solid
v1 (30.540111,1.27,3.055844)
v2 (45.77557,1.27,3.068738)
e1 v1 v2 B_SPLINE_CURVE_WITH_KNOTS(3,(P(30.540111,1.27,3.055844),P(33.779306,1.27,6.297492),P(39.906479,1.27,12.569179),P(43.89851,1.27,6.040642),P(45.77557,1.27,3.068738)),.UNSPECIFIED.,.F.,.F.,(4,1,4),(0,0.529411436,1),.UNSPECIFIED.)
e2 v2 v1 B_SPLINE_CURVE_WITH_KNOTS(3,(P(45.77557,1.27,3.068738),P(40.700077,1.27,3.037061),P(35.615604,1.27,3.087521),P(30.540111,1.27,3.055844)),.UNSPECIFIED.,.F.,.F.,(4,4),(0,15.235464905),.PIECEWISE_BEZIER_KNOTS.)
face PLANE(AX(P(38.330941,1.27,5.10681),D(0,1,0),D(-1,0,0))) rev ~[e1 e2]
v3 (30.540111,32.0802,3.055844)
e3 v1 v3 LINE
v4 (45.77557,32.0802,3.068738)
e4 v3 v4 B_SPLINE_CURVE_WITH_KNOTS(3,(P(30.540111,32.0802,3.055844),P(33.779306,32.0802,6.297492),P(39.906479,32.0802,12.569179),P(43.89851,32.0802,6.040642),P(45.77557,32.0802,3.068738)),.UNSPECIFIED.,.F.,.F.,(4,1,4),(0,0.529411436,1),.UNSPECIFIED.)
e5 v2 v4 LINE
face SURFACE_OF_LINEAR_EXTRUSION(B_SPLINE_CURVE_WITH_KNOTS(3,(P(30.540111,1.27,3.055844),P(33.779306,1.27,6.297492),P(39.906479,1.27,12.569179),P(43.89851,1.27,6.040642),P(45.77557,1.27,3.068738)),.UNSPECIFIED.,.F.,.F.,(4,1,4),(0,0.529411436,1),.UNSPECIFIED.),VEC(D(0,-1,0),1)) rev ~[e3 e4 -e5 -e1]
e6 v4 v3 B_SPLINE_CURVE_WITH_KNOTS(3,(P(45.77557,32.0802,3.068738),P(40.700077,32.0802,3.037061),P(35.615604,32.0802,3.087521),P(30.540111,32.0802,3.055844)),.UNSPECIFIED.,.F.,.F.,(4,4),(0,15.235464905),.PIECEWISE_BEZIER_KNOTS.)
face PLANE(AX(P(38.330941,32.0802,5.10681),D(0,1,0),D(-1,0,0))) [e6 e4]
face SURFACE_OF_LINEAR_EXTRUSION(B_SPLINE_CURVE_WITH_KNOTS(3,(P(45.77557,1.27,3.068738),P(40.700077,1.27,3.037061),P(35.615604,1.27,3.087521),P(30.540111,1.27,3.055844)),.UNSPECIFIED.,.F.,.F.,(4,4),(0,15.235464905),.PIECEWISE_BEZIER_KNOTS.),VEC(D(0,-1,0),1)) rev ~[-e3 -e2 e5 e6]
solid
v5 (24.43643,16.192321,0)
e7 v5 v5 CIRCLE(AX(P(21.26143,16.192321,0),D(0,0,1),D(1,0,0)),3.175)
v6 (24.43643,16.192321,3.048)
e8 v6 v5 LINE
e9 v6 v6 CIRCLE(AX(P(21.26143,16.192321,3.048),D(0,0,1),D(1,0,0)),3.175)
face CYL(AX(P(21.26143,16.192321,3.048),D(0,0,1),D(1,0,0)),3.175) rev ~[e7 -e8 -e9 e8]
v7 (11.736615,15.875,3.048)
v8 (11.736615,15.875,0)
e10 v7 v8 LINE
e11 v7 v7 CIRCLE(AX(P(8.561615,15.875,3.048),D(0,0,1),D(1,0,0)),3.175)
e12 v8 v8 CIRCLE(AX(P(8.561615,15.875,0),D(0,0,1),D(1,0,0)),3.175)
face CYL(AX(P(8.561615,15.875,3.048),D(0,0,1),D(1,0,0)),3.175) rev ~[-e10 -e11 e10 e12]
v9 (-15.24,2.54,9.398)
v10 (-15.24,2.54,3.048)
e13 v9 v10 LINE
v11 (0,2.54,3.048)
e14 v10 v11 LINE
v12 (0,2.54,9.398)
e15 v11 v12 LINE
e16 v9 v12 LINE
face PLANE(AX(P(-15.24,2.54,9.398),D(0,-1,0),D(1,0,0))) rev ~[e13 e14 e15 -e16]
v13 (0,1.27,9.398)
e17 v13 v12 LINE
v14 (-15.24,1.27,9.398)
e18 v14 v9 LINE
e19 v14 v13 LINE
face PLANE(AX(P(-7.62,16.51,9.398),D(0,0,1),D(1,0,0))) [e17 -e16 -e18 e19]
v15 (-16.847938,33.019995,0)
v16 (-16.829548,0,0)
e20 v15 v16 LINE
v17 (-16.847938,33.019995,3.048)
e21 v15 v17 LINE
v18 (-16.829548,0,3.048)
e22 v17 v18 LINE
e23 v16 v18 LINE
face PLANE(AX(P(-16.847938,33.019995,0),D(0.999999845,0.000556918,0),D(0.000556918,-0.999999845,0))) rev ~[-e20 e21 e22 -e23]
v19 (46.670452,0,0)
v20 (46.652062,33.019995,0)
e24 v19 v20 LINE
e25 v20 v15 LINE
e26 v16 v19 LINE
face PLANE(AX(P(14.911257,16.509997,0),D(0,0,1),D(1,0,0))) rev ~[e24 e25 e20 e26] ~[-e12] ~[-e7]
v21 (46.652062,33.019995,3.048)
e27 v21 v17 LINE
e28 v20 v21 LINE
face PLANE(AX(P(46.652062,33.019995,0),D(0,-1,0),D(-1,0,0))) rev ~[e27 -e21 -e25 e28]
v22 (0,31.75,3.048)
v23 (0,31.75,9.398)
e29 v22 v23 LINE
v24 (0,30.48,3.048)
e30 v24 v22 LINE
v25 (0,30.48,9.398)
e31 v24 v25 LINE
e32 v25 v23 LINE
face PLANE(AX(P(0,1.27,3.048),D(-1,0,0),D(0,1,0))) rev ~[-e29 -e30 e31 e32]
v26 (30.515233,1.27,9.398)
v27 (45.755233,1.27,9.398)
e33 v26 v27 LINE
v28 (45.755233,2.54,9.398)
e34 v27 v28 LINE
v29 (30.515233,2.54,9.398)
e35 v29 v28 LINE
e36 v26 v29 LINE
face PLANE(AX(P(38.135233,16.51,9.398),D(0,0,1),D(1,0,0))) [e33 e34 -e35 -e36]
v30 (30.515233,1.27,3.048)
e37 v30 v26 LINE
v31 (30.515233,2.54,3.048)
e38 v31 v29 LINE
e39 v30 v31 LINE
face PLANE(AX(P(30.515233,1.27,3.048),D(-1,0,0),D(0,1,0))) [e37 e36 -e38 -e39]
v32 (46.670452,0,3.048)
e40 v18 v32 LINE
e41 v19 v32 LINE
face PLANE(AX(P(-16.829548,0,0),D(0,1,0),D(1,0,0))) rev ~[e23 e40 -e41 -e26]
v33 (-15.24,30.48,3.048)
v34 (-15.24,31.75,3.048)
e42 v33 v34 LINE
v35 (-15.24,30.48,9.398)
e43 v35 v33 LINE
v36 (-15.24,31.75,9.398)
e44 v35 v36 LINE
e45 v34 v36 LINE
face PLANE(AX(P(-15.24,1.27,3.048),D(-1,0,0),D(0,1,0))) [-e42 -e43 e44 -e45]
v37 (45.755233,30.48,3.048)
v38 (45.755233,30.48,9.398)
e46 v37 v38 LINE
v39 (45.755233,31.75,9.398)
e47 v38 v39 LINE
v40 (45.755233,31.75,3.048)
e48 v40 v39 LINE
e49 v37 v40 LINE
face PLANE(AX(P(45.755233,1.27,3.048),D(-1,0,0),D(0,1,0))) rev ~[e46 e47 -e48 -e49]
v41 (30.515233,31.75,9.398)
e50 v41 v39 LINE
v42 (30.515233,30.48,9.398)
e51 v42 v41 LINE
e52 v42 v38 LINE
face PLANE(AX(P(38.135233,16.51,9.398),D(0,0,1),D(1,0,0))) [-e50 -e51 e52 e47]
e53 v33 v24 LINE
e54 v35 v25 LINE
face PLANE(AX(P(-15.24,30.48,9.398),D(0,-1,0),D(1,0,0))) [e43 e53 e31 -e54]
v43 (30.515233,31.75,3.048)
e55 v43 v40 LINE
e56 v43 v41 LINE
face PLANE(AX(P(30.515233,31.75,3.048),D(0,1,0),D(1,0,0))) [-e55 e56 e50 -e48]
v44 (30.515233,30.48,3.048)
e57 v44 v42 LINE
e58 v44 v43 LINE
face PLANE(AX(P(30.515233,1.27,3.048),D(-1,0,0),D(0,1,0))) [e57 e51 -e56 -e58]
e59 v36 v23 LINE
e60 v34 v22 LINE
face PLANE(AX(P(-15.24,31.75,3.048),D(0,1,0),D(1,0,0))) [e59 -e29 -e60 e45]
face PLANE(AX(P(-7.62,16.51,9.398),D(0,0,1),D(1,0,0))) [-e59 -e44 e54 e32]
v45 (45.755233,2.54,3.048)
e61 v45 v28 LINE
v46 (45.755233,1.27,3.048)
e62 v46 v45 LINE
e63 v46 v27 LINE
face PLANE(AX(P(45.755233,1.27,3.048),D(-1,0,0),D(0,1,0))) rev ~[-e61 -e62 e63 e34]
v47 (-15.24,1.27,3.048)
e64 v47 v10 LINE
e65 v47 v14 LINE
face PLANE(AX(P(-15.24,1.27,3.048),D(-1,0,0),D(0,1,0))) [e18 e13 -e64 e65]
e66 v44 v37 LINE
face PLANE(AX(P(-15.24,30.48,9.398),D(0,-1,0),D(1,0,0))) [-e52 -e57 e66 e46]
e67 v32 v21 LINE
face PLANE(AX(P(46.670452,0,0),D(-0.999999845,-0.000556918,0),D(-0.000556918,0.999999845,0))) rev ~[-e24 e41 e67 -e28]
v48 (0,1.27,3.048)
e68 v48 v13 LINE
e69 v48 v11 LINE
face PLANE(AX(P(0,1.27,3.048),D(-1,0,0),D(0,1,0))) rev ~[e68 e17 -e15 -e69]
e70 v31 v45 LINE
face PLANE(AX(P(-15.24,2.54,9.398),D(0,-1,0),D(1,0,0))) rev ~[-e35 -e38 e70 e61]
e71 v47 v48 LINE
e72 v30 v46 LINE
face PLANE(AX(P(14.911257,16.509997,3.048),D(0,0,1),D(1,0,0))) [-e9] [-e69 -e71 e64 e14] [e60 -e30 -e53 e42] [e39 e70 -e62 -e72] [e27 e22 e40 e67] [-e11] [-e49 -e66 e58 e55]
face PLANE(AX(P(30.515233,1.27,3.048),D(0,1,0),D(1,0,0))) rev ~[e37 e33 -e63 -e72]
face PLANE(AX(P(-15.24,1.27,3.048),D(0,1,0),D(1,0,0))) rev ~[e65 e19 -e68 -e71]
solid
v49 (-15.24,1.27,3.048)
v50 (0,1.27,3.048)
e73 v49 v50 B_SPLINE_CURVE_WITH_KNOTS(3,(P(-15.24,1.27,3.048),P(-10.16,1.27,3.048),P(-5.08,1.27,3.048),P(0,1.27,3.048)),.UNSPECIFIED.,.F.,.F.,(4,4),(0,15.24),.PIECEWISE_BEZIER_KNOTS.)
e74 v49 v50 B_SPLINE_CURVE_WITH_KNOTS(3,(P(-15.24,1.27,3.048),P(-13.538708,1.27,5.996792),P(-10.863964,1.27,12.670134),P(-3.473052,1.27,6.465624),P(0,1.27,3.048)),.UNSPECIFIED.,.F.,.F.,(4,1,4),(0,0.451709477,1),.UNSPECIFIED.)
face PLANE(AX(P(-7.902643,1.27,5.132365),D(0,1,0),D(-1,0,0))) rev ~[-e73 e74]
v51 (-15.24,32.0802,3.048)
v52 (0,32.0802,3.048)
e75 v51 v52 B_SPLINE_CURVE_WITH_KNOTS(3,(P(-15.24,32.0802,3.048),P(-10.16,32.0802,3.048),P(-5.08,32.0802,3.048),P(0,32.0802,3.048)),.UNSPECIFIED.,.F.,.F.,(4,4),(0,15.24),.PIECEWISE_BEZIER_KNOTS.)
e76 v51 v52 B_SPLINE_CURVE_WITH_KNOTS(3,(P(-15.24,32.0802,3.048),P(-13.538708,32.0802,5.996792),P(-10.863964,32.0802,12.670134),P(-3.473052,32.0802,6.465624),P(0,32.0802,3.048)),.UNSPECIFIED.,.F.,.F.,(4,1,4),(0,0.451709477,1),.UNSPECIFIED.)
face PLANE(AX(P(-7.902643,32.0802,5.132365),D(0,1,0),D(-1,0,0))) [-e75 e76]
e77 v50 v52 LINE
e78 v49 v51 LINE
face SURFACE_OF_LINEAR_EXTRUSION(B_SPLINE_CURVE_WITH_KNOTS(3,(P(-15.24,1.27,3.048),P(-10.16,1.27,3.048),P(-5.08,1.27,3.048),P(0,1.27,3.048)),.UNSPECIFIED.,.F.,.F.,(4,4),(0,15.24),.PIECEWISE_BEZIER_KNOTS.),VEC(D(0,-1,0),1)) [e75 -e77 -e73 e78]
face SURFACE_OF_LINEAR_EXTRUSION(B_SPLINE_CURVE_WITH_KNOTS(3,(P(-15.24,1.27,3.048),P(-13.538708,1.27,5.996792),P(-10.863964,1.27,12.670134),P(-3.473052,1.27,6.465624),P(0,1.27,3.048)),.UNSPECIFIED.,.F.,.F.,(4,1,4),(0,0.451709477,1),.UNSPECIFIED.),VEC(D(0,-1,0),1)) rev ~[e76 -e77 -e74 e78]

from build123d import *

# Parameters (mm, degrees)
F1_DEPTH = 3.048
F2_R     = 3.175
F3_DEPTH = 3.048
F4_W     = 15.24
F4_H     = 30.48
F5_DEPTH = 6.35
F6_W     = 62.0194016004
F6_H     = 27.94
F7_DEPTH = 6.35
F9_DEPTH = 30.8102


with BuildPart() as f1:
    # F0 (on Top) → F1 (new body)
    with BuildSketch(Plane.XY):
        Polygon((-16.8479376035, 33.0199948793), (-16.8295481792, 0), (46.6704518208, 0), (46.6520623965, 33.0199948793), align=None)
    extrude(amount=F1_DEPTH)

    # F2 (on face) → F3 (cut, through all)
    with BuildSketch(Plane.XY.offset(3.048)):
        with Locations((8.561614689, 15.875)):
            Circle(F2_R)
        with Locations((21.2614300895, 16.1923207167)):
            Circle(F2_R)
    extrude(amount=-F3_DEPTH, mode=Mode.SUBTRACT)

    # F4 (on face) → F5 (join)
    with BuildSketch(Plane.XY.offset(3.048)):
        with Locations((-7.62, 16.51)):
            Rectangle(F4_W, F4_H)
        with Locations((38.1352330548, 16.51)):
            Rectangle(F4_W, F4_H)
    extrude(amount=F5_DEPTH)

    # F6 (on face) → F7 (cut)
    with BuildSketch(Plane.XY.offset(9.398)):
        with Locations((15.7697008002, 16.51)):
            Rectangle(F6_W, F6_H)
    extrude(amount=-F7_DEPTH, mode=Mode.SUBTRACT)


with BuildPart() as f9:
    # F8 (on face) → F9 (new body)
    with BuildSketch(Plane.XZ.offset(-1.27)):
        with BuildLine():
            add(Edge.make_bspline(
                [(-15.24, 3.048), (-13.5387080671, 5.996791801), (-10.8639642482, 12.670134119), (-3.4730522253, 6.4656238418), (0, 3.048)],
                knots=[0, 0, 0, 0, 0.4517094767, 1, 1, 1, 1], degree=3))
            add(Edge.make_bspline(
                [(-15.24, 3.048), (-10.16, 3.048), (-5.08, 3.048), (0, 3.048)],
                knots=[0, 0, 0, 0, 15.24, 15.24, 15.24, 15.24], degree=3))
        make_face()
    extrude(amount=-F9_DEPTH)


with BuildPart() as f9b:
    # F8 (on face) → F9, piece 2 (new body)
    with BuildSketch(Plane.XZ.offset(-1.27)):
        with BuildLine():
            add(Edge.make_bspline(
                [(30.540110527, 3.0558435246), (33.7793064673, 6.2974918435), (39.9064786558, 12.5691793586), (43.8985103843, 6.0406424941), (45.7755699754, 3.0687376857)],
                knots=[0, 0, 0, 0, 0.5294114363, 1, 1, 1, 1], degree=3))
            add(Edge.make_bspline(
                [(45.7755699754, 3.0687376857), (40.7000767688, 3.0370605332), (35.6156037336, 3.087520677), (30.540110527, 3.0558435246)],
                knots=[0, 0, 0, 0, 15.2354649047, 15.2354649047, 15.2354649047, 15.2354649047], degree=3))
        make_face()
    extrude(amount=-F9_DEPTH)


solid = Compound([f1.part, f9.part, f9b.part])
